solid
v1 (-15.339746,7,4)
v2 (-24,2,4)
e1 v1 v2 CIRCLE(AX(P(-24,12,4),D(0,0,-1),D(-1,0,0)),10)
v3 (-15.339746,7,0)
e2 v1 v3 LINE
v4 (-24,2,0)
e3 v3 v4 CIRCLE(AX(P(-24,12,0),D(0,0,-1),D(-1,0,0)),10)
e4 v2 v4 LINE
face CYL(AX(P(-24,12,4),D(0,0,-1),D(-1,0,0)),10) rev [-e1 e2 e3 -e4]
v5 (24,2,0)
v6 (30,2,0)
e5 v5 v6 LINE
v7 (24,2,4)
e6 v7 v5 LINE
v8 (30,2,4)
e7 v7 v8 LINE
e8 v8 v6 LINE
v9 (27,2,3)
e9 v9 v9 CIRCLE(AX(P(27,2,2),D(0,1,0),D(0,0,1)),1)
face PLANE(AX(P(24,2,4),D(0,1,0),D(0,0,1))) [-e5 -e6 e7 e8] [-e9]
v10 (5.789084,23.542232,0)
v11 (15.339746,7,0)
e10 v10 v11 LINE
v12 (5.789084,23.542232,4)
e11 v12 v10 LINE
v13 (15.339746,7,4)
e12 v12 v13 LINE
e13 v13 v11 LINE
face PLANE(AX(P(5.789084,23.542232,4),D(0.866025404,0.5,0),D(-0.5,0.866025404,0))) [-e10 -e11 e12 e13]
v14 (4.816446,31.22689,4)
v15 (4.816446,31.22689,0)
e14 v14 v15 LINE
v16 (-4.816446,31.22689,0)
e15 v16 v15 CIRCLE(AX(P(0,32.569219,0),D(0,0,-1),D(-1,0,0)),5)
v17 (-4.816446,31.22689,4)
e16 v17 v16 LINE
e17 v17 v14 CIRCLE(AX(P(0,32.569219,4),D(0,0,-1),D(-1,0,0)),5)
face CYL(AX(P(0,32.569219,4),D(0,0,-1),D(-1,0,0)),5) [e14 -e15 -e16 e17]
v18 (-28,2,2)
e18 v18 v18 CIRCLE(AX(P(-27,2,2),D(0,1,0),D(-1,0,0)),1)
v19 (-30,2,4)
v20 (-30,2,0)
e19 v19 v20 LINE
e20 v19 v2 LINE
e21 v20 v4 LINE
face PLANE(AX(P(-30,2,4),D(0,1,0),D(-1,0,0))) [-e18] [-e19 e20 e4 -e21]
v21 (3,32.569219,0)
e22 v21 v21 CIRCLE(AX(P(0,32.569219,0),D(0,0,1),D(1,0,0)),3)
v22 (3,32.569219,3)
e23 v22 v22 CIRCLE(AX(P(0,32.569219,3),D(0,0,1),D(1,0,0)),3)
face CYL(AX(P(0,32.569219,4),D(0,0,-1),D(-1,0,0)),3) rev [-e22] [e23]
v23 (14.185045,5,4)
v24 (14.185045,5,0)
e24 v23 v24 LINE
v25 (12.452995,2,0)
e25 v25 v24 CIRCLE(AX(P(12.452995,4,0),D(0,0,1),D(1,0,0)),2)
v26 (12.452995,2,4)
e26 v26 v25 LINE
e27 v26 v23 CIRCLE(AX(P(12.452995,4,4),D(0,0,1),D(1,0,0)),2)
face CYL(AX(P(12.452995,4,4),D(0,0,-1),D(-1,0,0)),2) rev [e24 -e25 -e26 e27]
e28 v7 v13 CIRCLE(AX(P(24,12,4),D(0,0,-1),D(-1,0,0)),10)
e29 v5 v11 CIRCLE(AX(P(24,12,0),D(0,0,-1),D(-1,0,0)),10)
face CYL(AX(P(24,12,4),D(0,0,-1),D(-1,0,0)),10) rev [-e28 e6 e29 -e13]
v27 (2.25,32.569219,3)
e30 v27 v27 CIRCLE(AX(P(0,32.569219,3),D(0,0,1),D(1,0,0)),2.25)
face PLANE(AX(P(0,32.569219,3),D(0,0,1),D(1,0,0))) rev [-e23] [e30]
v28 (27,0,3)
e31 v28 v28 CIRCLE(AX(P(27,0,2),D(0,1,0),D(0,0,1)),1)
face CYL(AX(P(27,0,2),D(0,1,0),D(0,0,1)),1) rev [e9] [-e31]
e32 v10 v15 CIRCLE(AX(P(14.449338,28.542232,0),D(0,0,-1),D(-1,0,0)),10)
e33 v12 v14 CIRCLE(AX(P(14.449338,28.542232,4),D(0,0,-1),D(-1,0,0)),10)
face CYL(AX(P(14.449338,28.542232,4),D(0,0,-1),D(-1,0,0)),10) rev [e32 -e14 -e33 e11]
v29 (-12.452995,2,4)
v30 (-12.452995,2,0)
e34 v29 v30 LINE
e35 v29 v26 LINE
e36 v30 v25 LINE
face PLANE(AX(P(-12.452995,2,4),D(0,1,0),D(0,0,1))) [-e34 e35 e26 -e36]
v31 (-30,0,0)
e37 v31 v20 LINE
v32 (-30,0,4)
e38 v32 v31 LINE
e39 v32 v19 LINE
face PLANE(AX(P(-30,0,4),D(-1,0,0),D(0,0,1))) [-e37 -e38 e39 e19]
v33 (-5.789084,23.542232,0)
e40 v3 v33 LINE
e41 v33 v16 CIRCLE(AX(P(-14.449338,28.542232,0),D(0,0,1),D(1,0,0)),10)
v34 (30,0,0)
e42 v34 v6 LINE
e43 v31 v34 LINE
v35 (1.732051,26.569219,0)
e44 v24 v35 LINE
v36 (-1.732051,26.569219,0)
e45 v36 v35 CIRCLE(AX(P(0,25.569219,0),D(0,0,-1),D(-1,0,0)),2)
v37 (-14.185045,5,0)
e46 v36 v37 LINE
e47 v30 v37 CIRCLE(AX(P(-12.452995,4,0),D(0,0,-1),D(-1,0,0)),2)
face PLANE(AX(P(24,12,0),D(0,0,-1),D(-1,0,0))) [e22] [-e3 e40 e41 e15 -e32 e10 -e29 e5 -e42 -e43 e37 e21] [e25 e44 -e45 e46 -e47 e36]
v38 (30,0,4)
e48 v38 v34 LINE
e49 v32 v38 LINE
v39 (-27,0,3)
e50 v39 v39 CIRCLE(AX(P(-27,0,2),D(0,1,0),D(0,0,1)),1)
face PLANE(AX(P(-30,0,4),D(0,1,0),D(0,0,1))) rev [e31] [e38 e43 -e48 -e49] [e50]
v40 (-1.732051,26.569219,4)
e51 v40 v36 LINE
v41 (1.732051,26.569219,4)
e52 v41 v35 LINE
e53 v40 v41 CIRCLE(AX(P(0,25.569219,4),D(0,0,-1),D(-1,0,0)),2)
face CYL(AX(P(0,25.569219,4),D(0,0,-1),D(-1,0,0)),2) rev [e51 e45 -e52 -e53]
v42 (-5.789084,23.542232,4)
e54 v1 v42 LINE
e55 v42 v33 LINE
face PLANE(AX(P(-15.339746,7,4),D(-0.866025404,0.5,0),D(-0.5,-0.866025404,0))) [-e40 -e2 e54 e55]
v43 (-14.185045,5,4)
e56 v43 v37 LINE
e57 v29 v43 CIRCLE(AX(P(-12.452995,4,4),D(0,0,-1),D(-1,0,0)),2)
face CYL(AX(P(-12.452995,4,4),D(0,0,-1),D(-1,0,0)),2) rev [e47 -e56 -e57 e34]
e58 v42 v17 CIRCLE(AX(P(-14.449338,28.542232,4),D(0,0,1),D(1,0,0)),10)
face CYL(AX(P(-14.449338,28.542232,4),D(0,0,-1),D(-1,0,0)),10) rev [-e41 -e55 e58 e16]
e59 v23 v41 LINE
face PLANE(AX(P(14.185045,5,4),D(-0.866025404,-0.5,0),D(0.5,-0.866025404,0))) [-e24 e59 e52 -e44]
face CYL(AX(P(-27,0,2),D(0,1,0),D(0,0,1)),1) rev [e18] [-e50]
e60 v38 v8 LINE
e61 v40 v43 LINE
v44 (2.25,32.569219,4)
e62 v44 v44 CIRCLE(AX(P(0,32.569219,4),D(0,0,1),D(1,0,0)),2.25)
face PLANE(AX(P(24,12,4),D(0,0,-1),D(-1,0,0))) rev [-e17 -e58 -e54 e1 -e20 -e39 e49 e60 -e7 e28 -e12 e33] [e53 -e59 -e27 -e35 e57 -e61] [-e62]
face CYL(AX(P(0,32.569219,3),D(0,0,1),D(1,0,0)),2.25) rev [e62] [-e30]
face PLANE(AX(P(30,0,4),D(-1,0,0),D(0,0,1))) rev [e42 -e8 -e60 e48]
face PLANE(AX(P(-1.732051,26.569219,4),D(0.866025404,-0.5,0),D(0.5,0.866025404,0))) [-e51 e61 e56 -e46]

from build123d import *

# Parameters (mm, degrees)
ESQUISSE1_R                  = 3
BOSS_EXTRU_2_DEPTH           = 4
ESQUISSE2_R                  = 5
ESQUISSE2_R_2                = 2.25
BOSS_EXTRU_3_DEPTH           = 1
ESQUISSE3_R                  = 1
ENL_V_MAT_EXTRU_2_DEPTH      = 36.569219382
ENL_V_MAT_EXTRU_2_DEPTH_BACK = 3


with BuildPart() as part:
    # Esquisse1 → Boss.-Extru.2 (new body)
    with BuildSketch(Plane.XY):
        with BuildLine():
            Line((-30, 0), (30, 0))
            Line((30, 0), (30, 2))
            Line((30, 2), (24, 2))
            ThreePointArc((24, 2), (19, 3.339745962), (15.339745962, 7))
            Line((15.339745962, 7), (5.789084023, 23.542231724))
            ThreePointArc((5.789084023, 23.542231724), (4.528486677, 27.286561462), (4.81644602, 31.226890162))
            ThreePointArc((4.81644602, 31.226890162), (0, 37.569219382), (-4.81644602, 31.226890162))
            ThreePointArc((-4.81644602, 31.226890162), (-4.528486677, 27.286561462), (-5.789084023, 23.542231724))
            Line((-5.789084023, 23.542231724), (-15.339745962, 7))
            ThreePointArc((-15.339745962, 7), (-19, 3.339745962), (-24, 2))
            Line((-24, 2), (-30, 2))
            Line((-30, 2), (-30, 0))
        make_face()
        with Locations((0, 32.569219382)):
            Circle(ESQUISSE1_R, mode=Mode.SUBTRACT)
        with BuildLine():
            Line((-12.452994616, 2), (12.452994616, 2))
            ThreePointArc((12.452994616, 2), (14.185045424, 3), (14.185045424, 5))
            Line((14.185045424, 5), (1.732050808, 26.569219382))
            ThreePointArc((1.732050808, 26.569219382), (0, 27.569219382), (-1.732050808, 26.569219382))
            Line((-1.732050808, 26.569219382), (-14.185045424, 5))
            ThreePointArc((-14.185045424, 5), (-14.185045424, 3), (-12.452994616, 2))
        make_face(mode=Mode.SUBTRACT)
    extrude(amount=BOSS_EXTRU_2_DEPTH)

    # Esquisse2 → Boss.-Extru.3 (add)
    with BuildSketch(Plane.XY.offset(4)):
        with Locations((0, 32.569219382)):
            Circle(ESQUISSE2_R)
        with Locations((0, 32.569219382)):
            Circle(ESQUISSE2_R_2, mode=Mode.SUBTRACT)
    extrude(amount=-BOSS_EXTRU_3_DEPTH)

    # Esquisse3 → Enlèv. mat.-Extru.2 (cut, two sides)
    with BuildSketch(Plane(origin=(0, 2, 0), x_dir=(1, 0, 0), z_dir=(0, 1, 0))) as enl_v_mat_extru_2_sk:
        with Locations((27, -2)):
            Circle(ESQUISSE3_R)
        with Locations((-27, -2)):
            Circle(ESQUISSE3_R)
    extrude(amount=ENL_V_MAT_EXTRU_2_DEPTH, mode=Mode.SUBTRACT)
    extrude(enl_v_mat_extru_2_sk.sketch, amount=-ENL_V_MAT_EXTRU_2_DEPTH_BACK, mode=Mode.SUBTRACT)


solid = part.part
